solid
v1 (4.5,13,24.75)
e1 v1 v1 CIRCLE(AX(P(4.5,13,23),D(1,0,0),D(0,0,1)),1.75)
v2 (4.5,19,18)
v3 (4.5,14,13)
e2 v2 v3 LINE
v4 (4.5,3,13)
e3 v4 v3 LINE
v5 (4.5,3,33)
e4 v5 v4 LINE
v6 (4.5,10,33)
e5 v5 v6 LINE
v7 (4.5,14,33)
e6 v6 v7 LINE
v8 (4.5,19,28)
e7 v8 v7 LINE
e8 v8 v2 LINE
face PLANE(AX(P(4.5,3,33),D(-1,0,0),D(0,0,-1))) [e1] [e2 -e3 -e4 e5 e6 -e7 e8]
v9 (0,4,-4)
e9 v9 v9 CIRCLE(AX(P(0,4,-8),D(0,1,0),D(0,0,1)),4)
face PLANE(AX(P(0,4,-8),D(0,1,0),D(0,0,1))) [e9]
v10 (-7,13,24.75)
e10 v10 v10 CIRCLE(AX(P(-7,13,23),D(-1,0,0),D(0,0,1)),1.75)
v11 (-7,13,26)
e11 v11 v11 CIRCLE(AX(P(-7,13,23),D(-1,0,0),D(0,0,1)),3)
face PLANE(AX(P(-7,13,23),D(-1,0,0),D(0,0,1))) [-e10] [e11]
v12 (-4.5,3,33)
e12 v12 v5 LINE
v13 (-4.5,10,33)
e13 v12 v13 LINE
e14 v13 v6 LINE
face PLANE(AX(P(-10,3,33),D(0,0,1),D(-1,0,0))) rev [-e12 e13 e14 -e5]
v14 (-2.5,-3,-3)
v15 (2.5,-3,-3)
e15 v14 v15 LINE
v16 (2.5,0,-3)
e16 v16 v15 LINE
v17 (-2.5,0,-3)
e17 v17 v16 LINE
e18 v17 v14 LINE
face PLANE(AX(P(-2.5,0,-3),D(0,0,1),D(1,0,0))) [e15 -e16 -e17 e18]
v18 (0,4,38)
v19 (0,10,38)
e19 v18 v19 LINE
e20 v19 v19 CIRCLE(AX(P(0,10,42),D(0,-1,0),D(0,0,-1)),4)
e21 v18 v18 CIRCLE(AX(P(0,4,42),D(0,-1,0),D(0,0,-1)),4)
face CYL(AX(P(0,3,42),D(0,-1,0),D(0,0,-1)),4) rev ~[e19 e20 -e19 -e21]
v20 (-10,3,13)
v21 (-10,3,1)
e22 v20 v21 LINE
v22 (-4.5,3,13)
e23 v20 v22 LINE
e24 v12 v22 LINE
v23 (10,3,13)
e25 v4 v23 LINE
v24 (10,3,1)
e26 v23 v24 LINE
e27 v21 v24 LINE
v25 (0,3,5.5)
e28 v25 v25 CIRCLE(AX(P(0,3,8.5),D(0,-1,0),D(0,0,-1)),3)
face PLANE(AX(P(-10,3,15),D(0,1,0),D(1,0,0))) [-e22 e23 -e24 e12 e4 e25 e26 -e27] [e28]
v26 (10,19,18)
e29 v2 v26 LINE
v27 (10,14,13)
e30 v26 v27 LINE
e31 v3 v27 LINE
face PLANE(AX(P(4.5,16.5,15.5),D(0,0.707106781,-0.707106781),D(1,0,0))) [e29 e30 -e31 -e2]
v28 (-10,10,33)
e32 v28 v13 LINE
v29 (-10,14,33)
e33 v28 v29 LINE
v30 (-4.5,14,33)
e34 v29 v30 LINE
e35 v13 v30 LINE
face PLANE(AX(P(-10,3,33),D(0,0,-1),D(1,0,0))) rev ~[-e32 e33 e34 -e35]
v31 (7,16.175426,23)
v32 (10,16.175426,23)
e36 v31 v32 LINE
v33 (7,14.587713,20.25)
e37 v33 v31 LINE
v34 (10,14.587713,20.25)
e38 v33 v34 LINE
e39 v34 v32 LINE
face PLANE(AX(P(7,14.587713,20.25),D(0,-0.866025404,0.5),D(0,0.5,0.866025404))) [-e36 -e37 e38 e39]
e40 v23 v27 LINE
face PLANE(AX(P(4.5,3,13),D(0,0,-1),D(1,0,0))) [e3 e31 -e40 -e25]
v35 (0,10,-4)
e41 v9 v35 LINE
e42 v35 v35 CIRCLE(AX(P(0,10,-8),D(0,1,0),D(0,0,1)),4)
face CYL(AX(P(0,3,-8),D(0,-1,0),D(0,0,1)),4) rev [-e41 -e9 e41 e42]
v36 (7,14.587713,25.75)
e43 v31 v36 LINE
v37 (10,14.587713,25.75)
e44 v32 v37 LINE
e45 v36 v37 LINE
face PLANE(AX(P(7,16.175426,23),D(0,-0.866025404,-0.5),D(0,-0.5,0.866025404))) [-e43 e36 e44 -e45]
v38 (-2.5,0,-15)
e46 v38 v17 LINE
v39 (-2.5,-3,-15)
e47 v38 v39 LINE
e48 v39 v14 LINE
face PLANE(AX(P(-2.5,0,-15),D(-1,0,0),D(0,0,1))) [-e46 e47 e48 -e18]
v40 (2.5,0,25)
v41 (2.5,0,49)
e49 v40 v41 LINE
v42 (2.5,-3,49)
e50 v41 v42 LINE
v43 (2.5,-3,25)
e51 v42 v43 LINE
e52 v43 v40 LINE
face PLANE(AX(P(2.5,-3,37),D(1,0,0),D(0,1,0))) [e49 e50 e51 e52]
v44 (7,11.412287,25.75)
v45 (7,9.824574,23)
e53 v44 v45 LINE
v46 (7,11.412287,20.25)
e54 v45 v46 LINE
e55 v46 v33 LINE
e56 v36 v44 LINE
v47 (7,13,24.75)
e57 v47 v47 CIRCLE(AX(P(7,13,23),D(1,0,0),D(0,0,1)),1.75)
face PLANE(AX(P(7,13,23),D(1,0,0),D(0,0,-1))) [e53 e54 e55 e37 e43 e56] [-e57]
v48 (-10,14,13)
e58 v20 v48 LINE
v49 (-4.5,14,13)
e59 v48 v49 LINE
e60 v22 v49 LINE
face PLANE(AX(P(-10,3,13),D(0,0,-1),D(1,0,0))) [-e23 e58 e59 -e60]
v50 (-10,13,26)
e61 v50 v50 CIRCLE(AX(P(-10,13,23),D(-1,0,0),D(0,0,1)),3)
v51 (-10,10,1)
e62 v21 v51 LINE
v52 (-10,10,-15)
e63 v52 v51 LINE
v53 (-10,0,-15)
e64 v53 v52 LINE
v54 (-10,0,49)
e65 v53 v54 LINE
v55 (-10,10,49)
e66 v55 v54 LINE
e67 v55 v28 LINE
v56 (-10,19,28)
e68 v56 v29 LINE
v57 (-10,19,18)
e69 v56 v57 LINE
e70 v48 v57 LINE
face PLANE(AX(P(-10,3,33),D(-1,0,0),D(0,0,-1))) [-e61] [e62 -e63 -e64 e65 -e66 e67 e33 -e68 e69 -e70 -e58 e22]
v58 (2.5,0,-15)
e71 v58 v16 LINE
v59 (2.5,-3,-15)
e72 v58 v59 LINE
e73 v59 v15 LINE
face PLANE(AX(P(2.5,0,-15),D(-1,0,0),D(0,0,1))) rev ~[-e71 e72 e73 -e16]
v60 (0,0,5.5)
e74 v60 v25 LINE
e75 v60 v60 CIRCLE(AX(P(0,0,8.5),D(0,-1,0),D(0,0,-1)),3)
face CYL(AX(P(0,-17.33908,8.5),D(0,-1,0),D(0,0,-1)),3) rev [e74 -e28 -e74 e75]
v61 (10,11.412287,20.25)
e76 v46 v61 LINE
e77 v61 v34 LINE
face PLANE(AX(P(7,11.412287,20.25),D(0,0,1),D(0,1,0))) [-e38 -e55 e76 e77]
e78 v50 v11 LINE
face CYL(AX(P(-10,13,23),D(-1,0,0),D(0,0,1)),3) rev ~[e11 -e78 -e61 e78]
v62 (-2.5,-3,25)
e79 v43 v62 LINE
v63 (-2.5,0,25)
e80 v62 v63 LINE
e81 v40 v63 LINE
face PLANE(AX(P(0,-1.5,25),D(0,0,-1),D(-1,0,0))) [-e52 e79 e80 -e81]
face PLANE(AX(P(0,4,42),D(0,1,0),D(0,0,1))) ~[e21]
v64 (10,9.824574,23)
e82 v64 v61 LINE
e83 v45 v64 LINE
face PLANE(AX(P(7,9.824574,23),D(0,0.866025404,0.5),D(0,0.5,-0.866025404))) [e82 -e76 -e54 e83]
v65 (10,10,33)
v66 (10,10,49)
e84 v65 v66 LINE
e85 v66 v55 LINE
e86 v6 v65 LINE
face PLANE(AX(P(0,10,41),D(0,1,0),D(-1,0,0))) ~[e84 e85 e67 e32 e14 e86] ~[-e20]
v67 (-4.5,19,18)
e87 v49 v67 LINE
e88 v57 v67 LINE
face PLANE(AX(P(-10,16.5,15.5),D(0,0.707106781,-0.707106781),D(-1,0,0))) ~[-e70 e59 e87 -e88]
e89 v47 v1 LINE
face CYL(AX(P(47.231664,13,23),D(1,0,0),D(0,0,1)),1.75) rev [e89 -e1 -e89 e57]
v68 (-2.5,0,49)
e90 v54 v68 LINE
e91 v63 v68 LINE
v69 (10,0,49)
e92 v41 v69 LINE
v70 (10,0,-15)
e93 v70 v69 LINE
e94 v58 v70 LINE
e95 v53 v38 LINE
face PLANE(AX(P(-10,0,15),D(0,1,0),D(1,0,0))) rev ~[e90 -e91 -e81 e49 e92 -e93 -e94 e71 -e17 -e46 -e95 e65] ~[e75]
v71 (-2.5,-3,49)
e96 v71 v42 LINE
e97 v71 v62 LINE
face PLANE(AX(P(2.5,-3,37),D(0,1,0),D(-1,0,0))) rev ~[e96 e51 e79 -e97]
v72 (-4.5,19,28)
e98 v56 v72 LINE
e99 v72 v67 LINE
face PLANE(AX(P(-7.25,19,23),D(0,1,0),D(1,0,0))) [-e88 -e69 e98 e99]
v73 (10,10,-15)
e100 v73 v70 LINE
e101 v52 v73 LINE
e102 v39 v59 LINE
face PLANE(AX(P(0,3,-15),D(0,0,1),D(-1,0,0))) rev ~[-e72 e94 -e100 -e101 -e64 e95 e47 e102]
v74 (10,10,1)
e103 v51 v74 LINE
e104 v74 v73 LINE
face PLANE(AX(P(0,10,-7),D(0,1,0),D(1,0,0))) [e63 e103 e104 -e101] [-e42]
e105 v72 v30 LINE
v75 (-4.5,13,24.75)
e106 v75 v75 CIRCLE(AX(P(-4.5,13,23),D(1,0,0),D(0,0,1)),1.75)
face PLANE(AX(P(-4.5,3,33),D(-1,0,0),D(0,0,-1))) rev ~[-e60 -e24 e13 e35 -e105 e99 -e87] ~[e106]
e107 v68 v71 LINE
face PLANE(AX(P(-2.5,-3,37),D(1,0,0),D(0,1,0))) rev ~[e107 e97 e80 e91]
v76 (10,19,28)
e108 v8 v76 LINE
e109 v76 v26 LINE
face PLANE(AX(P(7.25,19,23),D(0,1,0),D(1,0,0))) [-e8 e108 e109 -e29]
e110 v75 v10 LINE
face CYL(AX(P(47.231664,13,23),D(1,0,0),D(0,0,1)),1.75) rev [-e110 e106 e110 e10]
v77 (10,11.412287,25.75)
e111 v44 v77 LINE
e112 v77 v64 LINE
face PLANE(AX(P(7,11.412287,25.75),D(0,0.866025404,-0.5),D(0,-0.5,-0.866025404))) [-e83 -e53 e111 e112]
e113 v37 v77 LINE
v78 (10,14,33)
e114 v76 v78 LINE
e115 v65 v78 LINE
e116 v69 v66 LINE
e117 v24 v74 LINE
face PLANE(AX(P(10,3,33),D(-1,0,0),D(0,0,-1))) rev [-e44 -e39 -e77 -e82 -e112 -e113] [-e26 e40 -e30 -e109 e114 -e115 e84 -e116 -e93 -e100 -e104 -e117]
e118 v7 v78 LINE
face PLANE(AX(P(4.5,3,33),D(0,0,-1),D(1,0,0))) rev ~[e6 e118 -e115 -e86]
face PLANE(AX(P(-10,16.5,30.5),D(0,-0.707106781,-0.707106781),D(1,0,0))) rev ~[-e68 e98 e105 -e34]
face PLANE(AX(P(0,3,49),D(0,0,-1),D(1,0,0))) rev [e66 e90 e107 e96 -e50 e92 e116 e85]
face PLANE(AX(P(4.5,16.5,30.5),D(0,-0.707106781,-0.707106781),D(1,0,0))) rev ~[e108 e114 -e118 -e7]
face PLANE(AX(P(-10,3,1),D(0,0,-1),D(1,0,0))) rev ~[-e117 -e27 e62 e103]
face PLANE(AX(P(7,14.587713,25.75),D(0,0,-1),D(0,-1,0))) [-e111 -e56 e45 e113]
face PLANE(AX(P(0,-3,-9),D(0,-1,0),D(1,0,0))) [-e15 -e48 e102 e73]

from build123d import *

# Parameters (mm, degrees)
SKETCH1_W               = 20
SKETCH1_H               = 30
BOSS_EXTRUDE1_DEPTH     = 3
SKETCH2_W               = 5
SKETCH2_H               = 12
BOSS_EXTRUDE2_DEPTH     = 3
SKETCH3_R               = 7
SKETCH3_R_2             = 4
BOSS_EXTRUDE3_DEPTH     = 7
SKETCH4_R               = 4
BOSS_EXTRUDE4_DEPTH     = 1
CUT_EXTRUDE1_DEPTH      = 20.339079606
CUT_EXTRUDE1_DEPTH_BACK = 20.339079606
SKETCH5_R               = 3
SKETCH6_R               = 7
SKETCH6_R_2             = 4
BOSS_EXTRUDE6_DEPTH     = 7
SKETCH7_W               = 20
SKETCH7_H               = 3
BOSS_EXTRUDE7_DEPTH     = 19
SKETCH8_W               = 5
SKETCH8_H               = 3
BOSS_EXTRUDE8_DEPTH     = 12
SKETCH10_W              = 5.5
SKETCH10_H              = 20
BOSS_EXTRUDE9_DEPTH     = 16
CUT_EXTRUDE2_DEPTH      = 57.231663678
CUT_EXTRUDE2_DEPTH_BACK = 57.231663678
SKETCH11_R              = 1.75
SKETCH12_R              = 3
SKETCH12_R_2            = 1.75
CUT_EXTRUDE3_DEPTH      = 3
CUT_EXTRUDE4_START      = -3
SKETCH13_R              = 1.75
CUT_EXTRUDE4_DEPTH      = 3
CHAMFER2_SIZE           = 5


with BuildPart() as part:
    # Sketch1 → Boss-Extrude1 (new body)
    with BuildSketch(Plane(origin=(0, 0, 0), x_dir=(1, 0, 0), z_dir=(0, 1, 0))):
        Rectangle(SKETCH1_W, SKETCH1_H)
    boss_extrude1 = extrude(amount=BOSS_EXTRUDE1_DEPTH)

    # Sketch2 → Boss-Extrude2 (add)
    with BuildSketch(Plane.XZ):
        with Locations((0, -9)):
            Rectangle(SKETCH2_W, SKETCH2_H)
    boss_extrude2 = extrude(amount=BOSS_EXTRUDE2_DEPTH)

    # Sketch3 → Boss-Extrude3 (add)
    with BuildSketch(Plane(origin=(0, 3, 0), x_dir=(1, 0, 0), z_dir=(0, 1, 0))):
        with Locations(Location((0, 8, 0), (0, 0, 90))):
            Circle(SKETCH3_R)
        with Locations(Location((0, 8, 0), (0, 0, 270))):
            Circle(SKETCH3_R_2, mode=Mode.SUBTRACT)
    boss_extrude3 = extrude(amount=BOSS_EXTRUDE3_DEPTH)

    # Sketch4 → Boss-Extrude4 (add)
    with BuildSketch(Plane(origin=(0, 3, 0), x_dir=(1, 0, 0), z_dir=(0, 1, 0))):
        with Locations(Location((0, 8, 0), (0, 0, 270))):
            Circle(SKETCH4_R)
    boss_extrude4 = extrude(amount=BOSS_EXTRUDE4_DEPTH)

    # Sketch5 → Cut-Extrude1 (cut, two sides: drawn at the far end of the back side and taken through both)
    with BuildSketch(Plane(origin=(0, 3, 0), x_dir=(1, 0, 0), z_dir=(0, 1, 0)).offset(-CUT_EXTRUDE1_DEPTH_BACK)):
        with Locations(Location((0, -8.5, 0), (0, 0, 90))):
            Circle(SKETCH5_R)
    extrude(amount=CUT_EXTRUDE1_DEPTH + CUT_EXTRUDE1_DEPTH_BACK, mode=Mode.SUBTRACT)

    # Sketch6 → Boss-Extrude6 (add)
    # profile 1 of 2: a face of its own
    with BuildSketch(Plane(origin=(0, 3, 0), x_dir=(1, 0, 0), z_dir=(0, 1, 0))):
        Polygon((0, 15), (-10, 15), (-10, -1), (10, -1), (10, 15), align=None)
        with BuildLine():
            ThreePointArc((7, 8), (-4.949747468, 3.050252532), (0, 15))
            ThreePointArc((0, 15), (4.949747468, 12.949747468), (7, 8))
        make_face(mode=Mode.SUBTRACT)
    # profile 2 of 2: a face of its own
    with BuildSketch(Plane(origin=(0, 3, 0), x_dir=(1, 0, 0), z_dir=(0, 1, 0))):
        with Locations((0, 8)):
            Circle(SKETCH6_R)
        with Locations(Location((0, 8, 0), (0, 0, 270))):
            Circle(SKETCH6_R_2, mode=Mode.SUBTRACT)
    boss_extrude6 = extrude(amount=BOSS_EXTRUDE6_DEPTH)

    # Sketch7 → Boss-Extrude7 (add)
    with BuildSketch(Plane.XY.offset(15)):
        with Locations((0, 1.5)):
            Rectangle(SKETCH7_W, SKETCH7_H)
    extrude(amount=BOSS_EXTRUDE7_DEPTH)

    # Mirror3: Boss-Extrude1, Boss-Extrude2, Boss-Extrude3, Boss-Extrude4, Boss-Extrude6 across plane
    add(boss_extrude1.mirror(Plane.XY.offset(17)))
    add(boss_extrude2.mirror(Plane.XY.offset(17)))
    add(boss_extrude3.mirror(Plane.XY.offset(17)))
    add(boss_extrude4.mirror(Plane.XY.offset(17)))
    add(boss_extrude6.mirror(Plane.XY.offset(17)))

    # Sketch8 → Boss-Extrude8 (add)
    with BuildSketch(Plane(origin=(0, 0, 37), x_dir=(-1, 0, 0), z_dir=(0, 0, -1))):
        with Locations((0, -1.5)):
            Rectangle(SKETCH8_W, SKETCH8_H)
    extrude(amount=BOSS_EXTRUDE8_DEPTH)

    # Sketch10 → Boss-Extrude9 (add)
    with BuildSketch(Plane(origin=(0, 3, 0), x_dir=(1, 0, 0), z_dir=(0, 1, 0))):
        with Locations((-7.25, -23)):
            Rectangle(SKETCH10_W, SKETCH10_H)
        with Locations((7.25, -23)):
            Rectangle(SKETCH10_W, SKETCH10_H)
    extrude(amount=BOSS_EXTRUDE9_DEPTH)

    # Sketch11 → Cut-Extrude2 (cut, two sides: drawn at the far end of the back side and taken through both)
    with BuildSketch(Plane.ZY.offset(10).offset(-CUT_EXTRUDE2_DEPTH_BACK)):
        with Locations((23, 13)):
            Circle(SKETCH11_R)
    extrude(amount=CUT_EXTRUDE2_DEPTH + CUT_EXTRUDE2_DEPTH_BACK, mode=Mode.SUBTRACT)

    # Sketch12 → Cut-Extrude3 (cut)
    with BuildSketch(Plane.ZY.offset(10)):
        with Locations((23, 13)):
            Circle(SKETCH12_R)
        with Locations((23, 13)):
            Circle(SKETCH12_R_2, mode=Mode.SUBTRACT)
    extrude(amount=-CUT_EXTRUDE3_DEPTH, mode=Mode.SUBTRACT)

    # Sketch13 → Cut-Extrude4 (cut)
    with BuildSketch(Plane(origin=(10, 0, 0), x_dir=(0, 0, -1), z_dir=(1, 0, 0)).offset(CUT_EXTRUDE4_START)):
        Polygon((-23, 16.175426481), (-25.75, 14.58771324), (-25.75, 11.41228676), (-23, 9.824573519), (-20.25, 11.41228676), (-20.25, 14.58771324), align=None)
        with Locations((-23, 13)):
            Circle(SKETCH13_R, mode=Mode.SUBTRACT)
    extrude(amount=CUT_EXTRUDE4_DEPTH, mode=Mode.SUBTRACT)

    # Chamfer2
    chamfer2_edges = [part.edges().sort_by_distance(p)[0] for p in [
        (-7.25, 19, 13),
        (-7.25, 19, 33),
        (7.25, 19, 13),
        (7.25, 19, 33),
    ]]
    chamfer(chamfer2_edges, length=CHAMFER2_SIZE)


solid = part.part
